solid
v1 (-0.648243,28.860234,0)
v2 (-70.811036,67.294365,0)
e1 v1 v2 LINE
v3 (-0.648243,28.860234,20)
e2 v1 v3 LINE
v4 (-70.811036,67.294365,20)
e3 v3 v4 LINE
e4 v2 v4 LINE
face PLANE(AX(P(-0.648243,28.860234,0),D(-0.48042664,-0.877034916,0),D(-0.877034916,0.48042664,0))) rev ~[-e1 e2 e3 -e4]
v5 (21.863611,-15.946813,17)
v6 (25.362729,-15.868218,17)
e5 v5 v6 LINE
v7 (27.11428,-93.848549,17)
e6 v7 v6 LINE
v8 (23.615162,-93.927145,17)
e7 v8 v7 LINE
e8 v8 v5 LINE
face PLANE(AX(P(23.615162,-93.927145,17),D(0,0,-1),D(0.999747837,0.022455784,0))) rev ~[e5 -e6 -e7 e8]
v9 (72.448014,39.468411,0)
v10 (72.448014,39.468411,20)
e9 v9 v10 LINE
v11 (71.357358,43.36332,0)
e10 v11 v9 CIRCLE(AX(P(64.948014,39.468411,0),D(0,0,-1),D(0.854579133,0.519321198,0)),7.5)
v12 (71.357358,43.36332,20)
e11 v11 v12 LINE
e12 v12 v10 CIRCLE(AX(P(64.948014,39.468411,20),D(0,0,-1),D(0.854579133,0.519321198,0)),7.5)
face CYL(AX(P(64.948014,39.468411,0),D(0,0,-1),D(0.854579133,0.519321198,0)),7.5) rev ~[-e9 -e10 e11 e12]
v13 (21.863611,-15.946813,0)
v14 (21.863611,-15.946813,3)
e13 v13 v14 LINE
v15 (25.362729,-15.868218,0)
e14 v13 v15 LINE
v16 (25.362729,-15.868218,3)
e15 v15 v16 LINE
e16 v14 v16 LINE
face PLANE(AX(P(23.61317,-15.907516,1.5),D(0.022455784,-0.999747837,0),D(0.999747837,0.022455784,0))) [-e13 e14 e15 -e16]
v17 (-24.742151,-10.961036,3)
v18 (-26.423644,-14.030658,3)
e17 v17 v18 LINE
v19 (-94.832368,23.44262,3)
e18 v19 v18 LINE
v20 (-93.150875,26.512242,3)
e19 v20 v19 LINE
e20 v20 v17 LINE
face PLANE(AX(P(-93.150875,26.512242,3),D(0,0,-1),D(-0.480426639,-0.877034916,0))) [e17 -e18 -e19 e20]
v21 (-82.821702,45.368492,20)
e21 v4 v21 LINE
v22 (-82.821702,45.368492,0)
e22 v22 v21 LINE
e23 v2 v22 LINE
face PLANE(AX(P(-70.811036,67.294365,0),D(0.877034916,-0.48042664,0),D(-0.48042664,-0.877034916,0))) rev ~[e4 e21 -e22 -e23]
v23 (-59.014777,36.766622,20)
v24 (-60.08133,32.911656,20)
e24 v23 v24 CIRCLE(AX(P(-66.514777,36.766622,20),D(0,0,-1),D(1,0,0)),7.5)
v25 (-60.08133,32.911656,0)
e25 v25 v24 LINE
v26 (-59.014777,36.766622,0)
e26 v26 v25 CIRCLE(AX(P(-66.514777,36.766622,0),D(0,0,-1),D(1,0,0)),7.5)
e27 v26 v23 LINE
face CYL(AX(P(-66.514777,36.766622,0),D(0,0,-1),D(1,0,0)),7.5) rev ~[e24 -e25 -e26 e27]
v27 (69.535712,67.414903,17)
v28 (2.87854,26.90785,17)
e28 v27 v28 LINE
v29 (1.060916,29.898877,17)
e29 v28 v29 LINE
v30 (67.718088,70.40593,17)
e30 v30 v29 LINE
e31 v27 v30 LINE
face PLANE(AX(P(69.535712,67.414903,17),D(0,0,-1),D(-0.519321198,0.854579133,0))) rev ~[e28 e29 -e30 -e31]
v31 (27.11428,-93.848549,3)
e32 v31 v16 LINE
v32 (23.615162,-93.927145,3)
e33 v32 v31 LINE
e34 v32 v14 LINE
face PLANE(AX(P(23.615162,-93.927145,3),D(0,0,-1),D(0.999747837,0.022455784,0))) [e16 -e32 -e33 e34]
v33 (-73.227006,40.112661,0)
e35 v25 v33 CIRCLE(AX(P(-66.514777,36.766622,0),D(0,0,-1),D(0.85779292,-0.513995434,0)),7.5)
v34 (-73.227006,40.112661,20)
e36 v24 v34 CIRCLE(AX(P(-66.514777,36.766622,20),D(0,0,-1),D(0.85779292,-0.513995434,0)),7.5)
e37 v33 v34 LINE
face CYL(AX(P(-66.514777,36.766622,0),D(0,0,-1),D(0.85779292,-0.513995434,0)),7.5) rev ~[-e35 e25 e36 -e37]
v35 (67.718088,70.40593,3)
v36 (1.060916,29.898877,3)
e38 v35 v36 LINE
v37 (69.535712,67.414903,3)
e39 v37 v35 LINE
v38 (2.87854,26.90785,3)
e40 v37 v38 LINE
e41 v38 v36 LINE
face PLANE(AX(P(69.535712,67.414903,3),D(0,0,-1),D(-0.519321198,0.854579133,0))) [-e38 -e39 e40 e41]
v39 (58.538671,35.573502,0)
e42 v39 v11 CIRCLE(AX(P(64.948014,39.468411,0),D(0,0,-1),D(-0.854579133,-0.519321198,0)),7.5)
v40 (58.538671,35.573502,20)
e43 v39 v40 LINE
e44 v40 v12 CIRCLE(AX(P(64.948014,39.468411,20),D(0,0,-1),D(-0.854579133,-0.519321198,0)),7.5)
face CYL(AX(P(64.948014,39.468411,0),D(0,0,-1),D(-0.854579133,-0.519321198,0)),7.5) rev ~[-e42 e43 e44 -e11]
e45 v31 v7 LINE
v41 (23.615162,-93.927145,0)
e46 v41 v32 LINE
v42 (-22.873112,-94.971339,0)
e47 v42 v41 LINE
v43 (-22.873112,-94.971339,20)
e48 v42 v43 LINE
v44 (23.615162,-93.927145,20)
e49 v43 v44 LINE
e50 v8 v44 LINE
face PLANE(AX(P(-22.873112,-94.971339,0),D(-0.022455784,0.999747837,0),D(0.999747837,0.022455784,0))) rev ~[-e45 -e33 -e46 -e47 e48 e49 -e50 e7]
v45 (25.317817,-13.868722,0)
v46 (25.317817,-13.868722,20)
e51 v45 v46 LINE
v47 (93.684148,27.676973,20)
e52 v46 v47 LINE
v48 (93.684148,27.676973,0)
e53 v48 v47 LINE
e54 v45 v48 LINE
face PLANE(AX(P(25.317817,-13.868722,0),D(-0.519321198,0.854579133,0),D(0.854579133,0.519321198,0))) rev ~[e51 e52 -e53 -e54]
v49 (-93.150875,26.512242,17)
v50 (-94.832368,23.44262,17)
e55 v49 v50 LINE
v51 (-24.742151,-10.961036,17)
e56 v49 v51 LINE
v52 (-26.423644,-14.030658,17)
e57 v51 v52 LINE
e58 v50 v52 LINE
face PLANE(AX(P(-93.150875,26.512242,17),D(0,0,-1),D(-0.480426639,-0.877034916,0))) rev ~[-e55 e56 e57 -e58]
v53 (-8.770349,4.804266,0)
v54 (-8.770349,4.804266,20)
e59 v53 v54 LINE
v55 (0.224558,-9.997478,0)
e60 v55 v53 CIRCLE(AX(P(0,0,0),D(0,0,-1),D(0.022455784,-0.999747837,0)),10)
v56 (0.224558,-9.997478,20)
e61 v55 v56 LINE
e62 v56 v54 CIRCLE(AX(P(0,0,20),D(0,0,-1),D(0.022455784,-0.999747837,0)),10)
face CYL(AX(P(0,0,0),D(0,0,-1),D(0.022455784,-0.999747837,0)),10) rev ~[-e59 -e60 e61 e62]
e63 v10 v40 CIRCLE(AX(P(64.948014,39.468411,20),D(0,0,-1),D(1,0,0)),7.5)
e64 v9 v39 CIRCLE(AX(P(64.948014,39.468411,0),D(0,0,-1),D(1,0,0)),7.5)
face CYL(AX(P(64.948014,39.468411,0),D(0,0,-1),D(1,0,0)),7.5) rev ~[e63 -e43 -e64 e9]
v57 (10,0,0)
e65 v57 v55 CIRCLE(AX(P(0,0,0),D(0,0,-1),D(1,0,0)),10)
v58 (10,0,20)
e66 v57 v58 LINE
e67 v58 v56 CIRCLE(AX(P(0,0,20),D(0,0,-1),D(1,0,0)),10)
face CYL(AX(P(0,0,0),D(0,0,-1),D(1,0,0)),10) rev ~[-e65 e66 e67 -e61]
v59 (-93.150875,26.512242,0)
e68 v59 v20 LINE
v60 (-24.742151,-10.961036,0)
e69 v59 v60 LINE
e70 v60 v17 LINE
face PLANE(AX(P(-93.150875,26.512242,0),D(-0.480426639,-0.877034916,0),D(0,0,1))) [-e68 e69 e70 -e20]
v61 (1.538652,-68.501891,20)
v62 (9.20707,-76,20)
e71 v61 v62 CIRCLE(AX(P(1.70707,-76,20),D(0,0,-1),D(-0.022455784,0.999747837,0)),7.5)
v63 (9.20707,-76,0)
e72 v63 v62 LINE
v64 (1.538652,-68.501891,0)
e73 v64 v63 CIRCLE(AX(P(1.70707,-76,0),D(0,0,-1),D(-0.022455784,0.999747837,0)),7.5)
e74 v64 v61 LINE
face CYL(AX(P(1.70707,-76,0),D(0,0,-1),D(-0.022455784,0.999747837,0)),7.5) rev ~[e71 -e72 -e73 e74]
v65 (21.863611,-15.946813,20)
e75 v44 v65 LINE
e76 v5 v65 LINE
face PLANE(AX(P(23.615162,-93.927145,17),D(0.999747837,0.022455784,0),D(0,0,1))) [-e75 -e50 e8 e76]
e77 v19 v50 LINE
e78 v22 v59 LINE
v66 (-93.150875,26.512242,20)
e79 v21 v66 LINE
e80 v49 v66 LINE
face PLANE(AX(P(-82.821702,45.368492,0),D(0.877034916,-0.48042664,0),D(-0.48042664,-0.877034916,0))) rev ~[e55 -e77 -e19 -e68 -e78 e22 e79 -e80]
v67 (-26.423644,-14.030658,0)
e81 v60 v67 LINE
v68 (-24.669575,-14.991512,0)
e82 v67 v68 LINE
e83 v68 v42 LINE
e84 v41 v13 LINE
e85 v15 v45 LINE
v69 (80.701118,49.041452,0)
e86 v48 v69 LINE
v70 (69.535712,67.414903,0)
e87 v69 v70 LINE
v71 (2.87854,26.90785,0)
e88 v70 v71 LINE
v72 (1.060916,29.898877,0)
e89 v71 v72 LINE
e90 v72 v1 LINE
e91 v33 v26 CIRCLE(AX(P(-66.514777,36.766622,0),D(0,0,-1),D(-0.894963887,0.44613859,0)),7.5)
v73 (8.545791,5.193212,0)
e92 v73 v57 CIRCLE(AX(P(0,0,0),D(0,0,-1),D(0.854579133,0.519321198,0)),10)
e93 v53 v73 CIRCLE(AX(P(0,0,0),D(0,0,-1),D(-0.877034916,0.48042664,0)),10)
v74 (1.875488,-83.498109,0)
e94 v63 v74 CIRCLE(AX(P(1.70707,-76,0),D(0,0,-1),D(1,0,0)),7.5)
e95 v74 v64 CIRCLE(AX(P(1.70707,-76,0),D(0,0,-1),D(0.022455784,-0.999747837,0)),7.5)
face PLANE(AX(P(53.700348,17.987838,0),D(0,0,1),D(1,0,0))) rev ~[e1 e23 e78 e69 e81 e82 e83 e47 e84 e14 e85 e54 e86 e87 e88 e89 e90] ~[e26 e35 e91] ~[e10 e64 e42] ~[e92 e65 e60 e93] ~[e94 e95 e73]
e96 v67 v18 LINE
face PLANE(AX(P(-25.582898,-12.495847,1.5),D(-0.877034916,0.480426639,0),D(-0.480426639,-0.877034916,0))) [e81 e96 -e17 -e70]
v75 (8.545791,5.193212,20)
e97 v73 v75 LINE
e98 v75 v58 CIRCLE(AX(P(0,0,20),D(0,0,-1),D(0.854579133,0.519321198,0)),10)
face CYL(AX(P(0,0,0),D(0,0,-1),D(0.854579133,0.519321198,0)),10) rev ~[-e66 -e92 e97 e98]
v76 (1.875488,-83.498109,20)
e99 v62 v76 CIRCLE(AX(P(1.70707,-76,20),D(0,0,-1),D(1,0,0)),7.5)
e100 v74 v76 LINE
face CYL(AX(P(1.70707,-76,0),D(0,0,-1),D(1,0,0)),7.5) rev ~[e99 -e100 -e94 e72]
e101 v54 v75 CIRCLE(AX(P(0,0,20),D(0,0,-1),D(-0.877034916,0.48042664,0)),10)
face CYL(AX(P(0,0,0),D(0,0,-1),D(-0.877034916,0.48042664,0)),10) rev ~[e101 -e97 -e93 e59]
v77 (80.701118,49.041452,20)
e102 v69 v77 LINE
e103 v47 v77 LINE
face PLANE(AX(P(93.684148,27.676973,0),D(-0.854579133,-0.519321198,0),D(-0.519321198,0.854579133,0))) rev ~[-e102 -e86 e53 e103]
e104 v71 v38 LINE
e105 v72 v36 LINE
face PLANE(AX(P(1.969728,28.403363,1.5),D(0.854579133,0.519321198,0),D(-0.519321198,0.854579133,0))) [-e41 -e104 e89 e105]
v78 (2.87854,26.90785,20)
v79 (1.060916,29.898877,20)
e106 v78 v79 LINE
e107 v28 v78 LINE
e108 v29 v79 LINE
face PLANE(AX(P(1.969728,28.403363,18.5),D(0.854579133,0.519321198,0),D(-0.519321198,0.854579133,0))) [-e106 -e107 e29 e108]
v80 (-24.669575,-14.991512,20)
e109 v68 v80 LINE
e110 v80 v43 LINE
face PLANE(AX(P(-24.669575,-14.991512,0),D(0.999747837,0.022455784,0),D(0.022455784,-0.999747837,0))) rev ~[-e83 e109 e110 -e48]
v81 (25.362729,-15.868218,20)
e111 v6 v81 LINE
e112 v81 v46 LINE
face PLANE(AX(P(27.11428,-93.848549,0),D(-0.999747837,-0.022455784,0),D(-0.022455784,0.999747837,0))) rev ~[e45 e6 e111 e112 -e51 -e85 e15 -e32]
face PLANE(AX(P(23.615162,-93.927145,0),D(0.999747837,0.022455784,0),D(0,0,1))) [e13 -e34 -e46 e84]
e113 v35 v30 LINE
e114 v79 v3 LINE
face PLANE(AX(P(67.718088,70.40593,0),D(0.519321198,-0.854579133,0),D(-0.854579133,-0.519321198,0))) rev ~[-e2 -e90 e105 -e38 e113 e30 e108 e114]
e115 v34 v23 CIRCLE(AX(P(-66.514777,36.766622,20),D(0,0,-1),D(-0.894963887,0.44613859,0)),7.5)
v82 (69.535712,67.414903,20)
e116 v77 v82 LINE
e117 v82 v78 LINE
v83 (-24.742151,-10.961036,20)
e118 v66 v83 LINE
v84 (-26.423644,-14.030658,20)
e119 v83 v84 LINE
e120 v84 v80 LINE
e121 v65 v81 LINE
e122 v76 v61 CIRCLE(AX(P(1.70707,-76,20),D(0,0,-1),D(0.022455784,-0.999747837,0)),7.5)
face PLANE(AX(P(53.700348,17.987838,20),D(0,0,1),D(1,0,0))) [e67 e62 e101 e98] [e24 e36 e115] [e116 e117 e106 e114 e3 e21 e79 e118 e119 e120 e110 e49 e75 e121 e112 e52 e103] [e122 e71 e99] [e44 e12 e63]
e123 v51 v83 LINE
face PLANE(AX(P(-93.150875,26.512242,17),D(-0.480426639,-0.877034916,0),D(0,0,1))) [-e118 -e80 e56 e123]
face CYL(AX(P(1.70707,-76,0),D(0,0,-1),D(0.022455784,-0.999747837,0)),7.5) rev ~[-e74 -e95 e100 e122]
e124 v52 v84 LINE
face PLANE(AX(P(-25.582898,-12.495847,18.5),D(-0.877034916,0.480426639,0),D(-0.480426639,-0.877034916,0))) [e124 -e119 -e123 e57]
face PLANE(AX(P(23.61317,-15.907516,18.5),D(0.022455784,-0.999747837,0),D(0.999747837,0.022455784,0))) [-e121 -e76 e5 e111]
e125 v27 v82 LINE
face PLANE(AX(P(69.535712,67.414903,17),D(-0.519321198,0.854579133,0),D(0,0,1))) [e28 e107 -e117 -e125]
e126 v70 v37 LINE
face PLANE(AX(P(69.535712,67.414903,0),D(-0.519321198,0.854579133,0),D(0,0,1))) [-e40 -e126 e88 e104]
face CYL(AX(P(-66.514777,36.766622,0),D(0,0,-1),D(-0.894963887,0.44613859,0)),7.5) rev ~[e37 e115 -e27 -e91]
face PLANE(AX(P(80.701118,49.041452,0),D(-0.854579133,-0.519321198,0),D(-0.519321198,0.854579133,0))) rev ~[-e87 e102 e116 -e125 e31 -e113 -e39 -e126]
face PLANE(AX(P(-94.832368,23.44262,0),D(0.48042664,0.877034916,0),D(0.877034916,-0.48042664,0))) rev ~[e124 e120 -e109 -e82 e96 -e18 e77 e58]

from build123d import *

# Parameters (mm, degrees)
F1_DEPTH = 20
F2_W     = 3.5
F2_H     = 3
F3_DEPTH = 78
F4_W     = 3.5
F4_H     = 3
F5_DEPTH = 78
F6_W     = 3.5
F6_H     = 3
F7_DEPTH = 78


with BuildPart() as f1:
    # F0 (on Top) → F1 (new body)
    with BuildSketch(Plane.XY):
        with BuildLine():
            Line((58.5386705788, 35.5735020327), (12.3347873053, 7.4957558301))
            Line((12.3347873053, 7.4957558301), (25.3178172443, -13.8687224833))
            Line((25.3178172443, -13.8687224833), (93.6841478472, 27.6769733213))
            Line((93.6841478472, 27.6769733213), (80.7011179083, 49.0414516348))
            Line((80.7011179083, 49.0414516348), (71.3573575668, 43.3633199961))
            ThreePointArc((71.3573575668, 43.3633199961), (72.1702047448, 41.4907764357), (72.4480140728, 39.4684110144))
            ThreePointArc((72.4480140728, 39.4684110144), (66.9703794941, 32.2462203424), (58.5386705788, 35.5735020327))
        make_face()
        with BuildLine():
            Line((-0.6482426336, 28.8602341436), (12.3347873053, 7.4957558301))
            Line((12.3347873053, 7.4957558301), (58.5386705788, 35.5735020327))
            ThreePointArc((58.5386705788, 35.5735020327), (61.0531050911, 45.8777545084), (71.3573575668, 43.3633199961))
            Line((71.3573575668, 43.3633199961), (80.7011179083, 49.0414516348))
            Line((80.7011179083, 49.0414516348), (67.7180879693, 70.4059299482))
            Line((67.7180879693, 70.4059299482), (-0.6482426336, 28.8602341436))
        make_face()
        with BuildLine():
            Line((-24.6695746107, -14.9915116603), (-12.6589086221, 6.9343612416))
            Line((-12.6589086221, 6.9343612416), (-60.0813298697, 32.9116559437))
            ThreePointArc((-60.0813298697, 32.9116559437), (-70.1179765686, 30.1888598259), (-73.2270059229, 40.1126611203))
            Line((-73.2270059229, 40.1126611203), (-82.8217019083, 45.368492405))
            Line((-82.8217019083, 45.368492405), (-94.8323678969, 23.4426195031))
            Line((-94.8323678969, 23.4426195031), (-24.6695746107, -14.9915116603))
        make_face()
        with BuildLine():
            Line((1.5386516322, -68.5018912218), (0.3241213168, -14.4301170718))
            Line((0.3241213168, -14.4301170718), (-24.6695746107, -14.9915116603))
            Line((-24.6695746107, -14.9915116603), (-22.8731119275, -94.9713386283))
            Line((-22.8731119275, -94.9713386283), (2.120584, -94.4099440398))
            Line((2.120584, -94.4099440398), (1.8754883853, -83.4981087782))
            ThreePointArc((1.8754883853, -83.4981087782), (-5.7910387695, -76.1684183766), (1.5386516322, -68.5018912218))
        make_face()
        with BuildLine():
            Line((25.3178172443, -13.8687224833), (0.3241213168, -14.4301170718))
            Line((0.3241213168, -14.4301170718), (1.5386516322, -68.5018912218))
            ThreePointArc((1.5386516322, -68.5018912218), (6.950487891, -70.6374848334), (9.2070700088, -76))
            ThreePointArc((9.2070700088, -76), (7.0695851754, -81.2434178823), (1.8754883853, -83.4981087782))
            Line((1.8754883853, -83.4981087782), (2.120584, -94.4099440398))
            Line((2.120584, -94.4099440398), (27.1142799275, -93.8485494513))
            Line((27.1142799275, -93.8485494513), (25.3178172443, -13.8687224833))
        make_face()
        with BuildLine():
            Line((-60.0813298697, 32.9116559437), (-12.6589086221, 6.9343612416))
            Line((-12.6589086221, 6.9343612416), (-0.6482426336, 28.8602341436))
            Line((-0.6482426336, 28.8602341436), (-70.8110359198, 67.2943653069))
            Line((-70.8110359198, 67.2943653069), (-82.8217019083, 45.368492405))
            Line((-82.8217019083, 45.368492405), (-73.2270059229, 40.1126611203))
            ThreePointArc((-73.2270059229, 40.1126611203), (-64.7960153912, 44.0670230084), (-59.014776772, 36.7666216964))
            ThreePointArc((-59.014776772, 36.7666216964), (-59.2863311657, 34.7667281702), (-60.0813298697, 32.9116559437))
        make_face()
        with BuildLine():
            Line((0.3241213168, -14.4301170718), (0.2245578354, -9.997478371))
            ThreePointArc((0.2245578354, -9.997478371), (-8.5457913254, -5.1932119756), (-8.7703491608, 4.8042663954))
            Line((-8.7703491608, 4.8042663954), (-12.6589086221, 6.9343612416))
            Line((-12.6589086221, 6.9343612416), (-24.6695746107, -14.9915116603))
            Line((-24.6695746107, -14.9915116603), (0.3241213168, -14.4301170718))
        make_face()
        with BuildLine():
            ThreePointArc((-8.7703491608, 4.8042663954), (-0.2245578354, 9.997478371), (8.5457913254, 5.1932119756))
            Line((8.5457913254, 5.1932119756), (12.3347873053, 7.4957558301))
            Line((12.3347873053, 7.4957558301), (-0.6482426336, 28.8602341436))
            Line((-0.6482426336, 28.8602341436), (-12.6589086221, 6.9343612416))
            Line((-12.6589086221, 6.9343612416), (-8.7703491608, 4.8042663954))
        make_face()
        with BuildLine():
            ThreePointArc((8.5457913254, 5.1932119756), (9.6295875627, 2.6964872284), (10, 0))
            ThreePointArc((10, 0), (7.1500202221, -6.991223843), (0.2245578354, -9.997478371))
            Line((0.2245578354, -9.997478371), (0.3241213168, -14.4301170718))
            Line((0.3241213168, -14.4301170718), (25.3178172443, -13.8687224833))
            Line((25.3178172443, -13.8687224833), (12.3347873053, 7.4957558301))
            Line((12.3347873053, 7.4957558301), (8.5457913254, 5.1932119756))
        make_face()
    extrude(amount=F1_DEPTH)

    # F2 (on face) → F3 (cut)
    with BuildSketch(Plane(origin=(-82.8217019083, 45.368492405, 0), x_dir=(-0.4804266395, -0.8770349161, 0), z_dir=(-0.8770349161, 0.4804266395, 0))):
        with Locations((23.25, 18.5)):
            Rectangle(F2_W, F2_H)
        with Locations((23.25, 1.5)):
            Rectangle(F2_W, F2_H)
    extrude(amount=-F3_DEPTH, mode=Mode.SUBTRACT)

    # F4 (on face) → F5 (cut)
    with BuildSketch(Plane(origin=(2.120584, -94.4099440398, 0), x_dir=(0.9997478371, 0.0224557835, 0), z_dir=(0.0224557835, -0.9997478371, 0))):
        with Locations((23.25, 18.5)):
            Rectangle(F4_W, F4_H)
        with Locations((23.25, 1.5)):
            Rectangle(F4_W, F4_H)
    extrude(amount=-F5_DEPTH, mode=Mode.SUBTRACT)

    # F6 (on face) → F7 (cut)
    with BuildSketch(Plane(origin=(80.7011179083, 49.0414516348, 0), x_dir=(-0.5193211976, 0.8545791325, 0), z_dir=(0.8545791325, 0.5193211976, 0))):
        with Locations((23.25, 18.5)):
            Rectangle(F6_W, F6_H)
        with Locations((23.25, 1.5)):
            Rectangle(F6_W, F6_H)
    extrude(amount=-F7_DEPTH, mode=Mode.SUBTRACT)


solid = f1.part
